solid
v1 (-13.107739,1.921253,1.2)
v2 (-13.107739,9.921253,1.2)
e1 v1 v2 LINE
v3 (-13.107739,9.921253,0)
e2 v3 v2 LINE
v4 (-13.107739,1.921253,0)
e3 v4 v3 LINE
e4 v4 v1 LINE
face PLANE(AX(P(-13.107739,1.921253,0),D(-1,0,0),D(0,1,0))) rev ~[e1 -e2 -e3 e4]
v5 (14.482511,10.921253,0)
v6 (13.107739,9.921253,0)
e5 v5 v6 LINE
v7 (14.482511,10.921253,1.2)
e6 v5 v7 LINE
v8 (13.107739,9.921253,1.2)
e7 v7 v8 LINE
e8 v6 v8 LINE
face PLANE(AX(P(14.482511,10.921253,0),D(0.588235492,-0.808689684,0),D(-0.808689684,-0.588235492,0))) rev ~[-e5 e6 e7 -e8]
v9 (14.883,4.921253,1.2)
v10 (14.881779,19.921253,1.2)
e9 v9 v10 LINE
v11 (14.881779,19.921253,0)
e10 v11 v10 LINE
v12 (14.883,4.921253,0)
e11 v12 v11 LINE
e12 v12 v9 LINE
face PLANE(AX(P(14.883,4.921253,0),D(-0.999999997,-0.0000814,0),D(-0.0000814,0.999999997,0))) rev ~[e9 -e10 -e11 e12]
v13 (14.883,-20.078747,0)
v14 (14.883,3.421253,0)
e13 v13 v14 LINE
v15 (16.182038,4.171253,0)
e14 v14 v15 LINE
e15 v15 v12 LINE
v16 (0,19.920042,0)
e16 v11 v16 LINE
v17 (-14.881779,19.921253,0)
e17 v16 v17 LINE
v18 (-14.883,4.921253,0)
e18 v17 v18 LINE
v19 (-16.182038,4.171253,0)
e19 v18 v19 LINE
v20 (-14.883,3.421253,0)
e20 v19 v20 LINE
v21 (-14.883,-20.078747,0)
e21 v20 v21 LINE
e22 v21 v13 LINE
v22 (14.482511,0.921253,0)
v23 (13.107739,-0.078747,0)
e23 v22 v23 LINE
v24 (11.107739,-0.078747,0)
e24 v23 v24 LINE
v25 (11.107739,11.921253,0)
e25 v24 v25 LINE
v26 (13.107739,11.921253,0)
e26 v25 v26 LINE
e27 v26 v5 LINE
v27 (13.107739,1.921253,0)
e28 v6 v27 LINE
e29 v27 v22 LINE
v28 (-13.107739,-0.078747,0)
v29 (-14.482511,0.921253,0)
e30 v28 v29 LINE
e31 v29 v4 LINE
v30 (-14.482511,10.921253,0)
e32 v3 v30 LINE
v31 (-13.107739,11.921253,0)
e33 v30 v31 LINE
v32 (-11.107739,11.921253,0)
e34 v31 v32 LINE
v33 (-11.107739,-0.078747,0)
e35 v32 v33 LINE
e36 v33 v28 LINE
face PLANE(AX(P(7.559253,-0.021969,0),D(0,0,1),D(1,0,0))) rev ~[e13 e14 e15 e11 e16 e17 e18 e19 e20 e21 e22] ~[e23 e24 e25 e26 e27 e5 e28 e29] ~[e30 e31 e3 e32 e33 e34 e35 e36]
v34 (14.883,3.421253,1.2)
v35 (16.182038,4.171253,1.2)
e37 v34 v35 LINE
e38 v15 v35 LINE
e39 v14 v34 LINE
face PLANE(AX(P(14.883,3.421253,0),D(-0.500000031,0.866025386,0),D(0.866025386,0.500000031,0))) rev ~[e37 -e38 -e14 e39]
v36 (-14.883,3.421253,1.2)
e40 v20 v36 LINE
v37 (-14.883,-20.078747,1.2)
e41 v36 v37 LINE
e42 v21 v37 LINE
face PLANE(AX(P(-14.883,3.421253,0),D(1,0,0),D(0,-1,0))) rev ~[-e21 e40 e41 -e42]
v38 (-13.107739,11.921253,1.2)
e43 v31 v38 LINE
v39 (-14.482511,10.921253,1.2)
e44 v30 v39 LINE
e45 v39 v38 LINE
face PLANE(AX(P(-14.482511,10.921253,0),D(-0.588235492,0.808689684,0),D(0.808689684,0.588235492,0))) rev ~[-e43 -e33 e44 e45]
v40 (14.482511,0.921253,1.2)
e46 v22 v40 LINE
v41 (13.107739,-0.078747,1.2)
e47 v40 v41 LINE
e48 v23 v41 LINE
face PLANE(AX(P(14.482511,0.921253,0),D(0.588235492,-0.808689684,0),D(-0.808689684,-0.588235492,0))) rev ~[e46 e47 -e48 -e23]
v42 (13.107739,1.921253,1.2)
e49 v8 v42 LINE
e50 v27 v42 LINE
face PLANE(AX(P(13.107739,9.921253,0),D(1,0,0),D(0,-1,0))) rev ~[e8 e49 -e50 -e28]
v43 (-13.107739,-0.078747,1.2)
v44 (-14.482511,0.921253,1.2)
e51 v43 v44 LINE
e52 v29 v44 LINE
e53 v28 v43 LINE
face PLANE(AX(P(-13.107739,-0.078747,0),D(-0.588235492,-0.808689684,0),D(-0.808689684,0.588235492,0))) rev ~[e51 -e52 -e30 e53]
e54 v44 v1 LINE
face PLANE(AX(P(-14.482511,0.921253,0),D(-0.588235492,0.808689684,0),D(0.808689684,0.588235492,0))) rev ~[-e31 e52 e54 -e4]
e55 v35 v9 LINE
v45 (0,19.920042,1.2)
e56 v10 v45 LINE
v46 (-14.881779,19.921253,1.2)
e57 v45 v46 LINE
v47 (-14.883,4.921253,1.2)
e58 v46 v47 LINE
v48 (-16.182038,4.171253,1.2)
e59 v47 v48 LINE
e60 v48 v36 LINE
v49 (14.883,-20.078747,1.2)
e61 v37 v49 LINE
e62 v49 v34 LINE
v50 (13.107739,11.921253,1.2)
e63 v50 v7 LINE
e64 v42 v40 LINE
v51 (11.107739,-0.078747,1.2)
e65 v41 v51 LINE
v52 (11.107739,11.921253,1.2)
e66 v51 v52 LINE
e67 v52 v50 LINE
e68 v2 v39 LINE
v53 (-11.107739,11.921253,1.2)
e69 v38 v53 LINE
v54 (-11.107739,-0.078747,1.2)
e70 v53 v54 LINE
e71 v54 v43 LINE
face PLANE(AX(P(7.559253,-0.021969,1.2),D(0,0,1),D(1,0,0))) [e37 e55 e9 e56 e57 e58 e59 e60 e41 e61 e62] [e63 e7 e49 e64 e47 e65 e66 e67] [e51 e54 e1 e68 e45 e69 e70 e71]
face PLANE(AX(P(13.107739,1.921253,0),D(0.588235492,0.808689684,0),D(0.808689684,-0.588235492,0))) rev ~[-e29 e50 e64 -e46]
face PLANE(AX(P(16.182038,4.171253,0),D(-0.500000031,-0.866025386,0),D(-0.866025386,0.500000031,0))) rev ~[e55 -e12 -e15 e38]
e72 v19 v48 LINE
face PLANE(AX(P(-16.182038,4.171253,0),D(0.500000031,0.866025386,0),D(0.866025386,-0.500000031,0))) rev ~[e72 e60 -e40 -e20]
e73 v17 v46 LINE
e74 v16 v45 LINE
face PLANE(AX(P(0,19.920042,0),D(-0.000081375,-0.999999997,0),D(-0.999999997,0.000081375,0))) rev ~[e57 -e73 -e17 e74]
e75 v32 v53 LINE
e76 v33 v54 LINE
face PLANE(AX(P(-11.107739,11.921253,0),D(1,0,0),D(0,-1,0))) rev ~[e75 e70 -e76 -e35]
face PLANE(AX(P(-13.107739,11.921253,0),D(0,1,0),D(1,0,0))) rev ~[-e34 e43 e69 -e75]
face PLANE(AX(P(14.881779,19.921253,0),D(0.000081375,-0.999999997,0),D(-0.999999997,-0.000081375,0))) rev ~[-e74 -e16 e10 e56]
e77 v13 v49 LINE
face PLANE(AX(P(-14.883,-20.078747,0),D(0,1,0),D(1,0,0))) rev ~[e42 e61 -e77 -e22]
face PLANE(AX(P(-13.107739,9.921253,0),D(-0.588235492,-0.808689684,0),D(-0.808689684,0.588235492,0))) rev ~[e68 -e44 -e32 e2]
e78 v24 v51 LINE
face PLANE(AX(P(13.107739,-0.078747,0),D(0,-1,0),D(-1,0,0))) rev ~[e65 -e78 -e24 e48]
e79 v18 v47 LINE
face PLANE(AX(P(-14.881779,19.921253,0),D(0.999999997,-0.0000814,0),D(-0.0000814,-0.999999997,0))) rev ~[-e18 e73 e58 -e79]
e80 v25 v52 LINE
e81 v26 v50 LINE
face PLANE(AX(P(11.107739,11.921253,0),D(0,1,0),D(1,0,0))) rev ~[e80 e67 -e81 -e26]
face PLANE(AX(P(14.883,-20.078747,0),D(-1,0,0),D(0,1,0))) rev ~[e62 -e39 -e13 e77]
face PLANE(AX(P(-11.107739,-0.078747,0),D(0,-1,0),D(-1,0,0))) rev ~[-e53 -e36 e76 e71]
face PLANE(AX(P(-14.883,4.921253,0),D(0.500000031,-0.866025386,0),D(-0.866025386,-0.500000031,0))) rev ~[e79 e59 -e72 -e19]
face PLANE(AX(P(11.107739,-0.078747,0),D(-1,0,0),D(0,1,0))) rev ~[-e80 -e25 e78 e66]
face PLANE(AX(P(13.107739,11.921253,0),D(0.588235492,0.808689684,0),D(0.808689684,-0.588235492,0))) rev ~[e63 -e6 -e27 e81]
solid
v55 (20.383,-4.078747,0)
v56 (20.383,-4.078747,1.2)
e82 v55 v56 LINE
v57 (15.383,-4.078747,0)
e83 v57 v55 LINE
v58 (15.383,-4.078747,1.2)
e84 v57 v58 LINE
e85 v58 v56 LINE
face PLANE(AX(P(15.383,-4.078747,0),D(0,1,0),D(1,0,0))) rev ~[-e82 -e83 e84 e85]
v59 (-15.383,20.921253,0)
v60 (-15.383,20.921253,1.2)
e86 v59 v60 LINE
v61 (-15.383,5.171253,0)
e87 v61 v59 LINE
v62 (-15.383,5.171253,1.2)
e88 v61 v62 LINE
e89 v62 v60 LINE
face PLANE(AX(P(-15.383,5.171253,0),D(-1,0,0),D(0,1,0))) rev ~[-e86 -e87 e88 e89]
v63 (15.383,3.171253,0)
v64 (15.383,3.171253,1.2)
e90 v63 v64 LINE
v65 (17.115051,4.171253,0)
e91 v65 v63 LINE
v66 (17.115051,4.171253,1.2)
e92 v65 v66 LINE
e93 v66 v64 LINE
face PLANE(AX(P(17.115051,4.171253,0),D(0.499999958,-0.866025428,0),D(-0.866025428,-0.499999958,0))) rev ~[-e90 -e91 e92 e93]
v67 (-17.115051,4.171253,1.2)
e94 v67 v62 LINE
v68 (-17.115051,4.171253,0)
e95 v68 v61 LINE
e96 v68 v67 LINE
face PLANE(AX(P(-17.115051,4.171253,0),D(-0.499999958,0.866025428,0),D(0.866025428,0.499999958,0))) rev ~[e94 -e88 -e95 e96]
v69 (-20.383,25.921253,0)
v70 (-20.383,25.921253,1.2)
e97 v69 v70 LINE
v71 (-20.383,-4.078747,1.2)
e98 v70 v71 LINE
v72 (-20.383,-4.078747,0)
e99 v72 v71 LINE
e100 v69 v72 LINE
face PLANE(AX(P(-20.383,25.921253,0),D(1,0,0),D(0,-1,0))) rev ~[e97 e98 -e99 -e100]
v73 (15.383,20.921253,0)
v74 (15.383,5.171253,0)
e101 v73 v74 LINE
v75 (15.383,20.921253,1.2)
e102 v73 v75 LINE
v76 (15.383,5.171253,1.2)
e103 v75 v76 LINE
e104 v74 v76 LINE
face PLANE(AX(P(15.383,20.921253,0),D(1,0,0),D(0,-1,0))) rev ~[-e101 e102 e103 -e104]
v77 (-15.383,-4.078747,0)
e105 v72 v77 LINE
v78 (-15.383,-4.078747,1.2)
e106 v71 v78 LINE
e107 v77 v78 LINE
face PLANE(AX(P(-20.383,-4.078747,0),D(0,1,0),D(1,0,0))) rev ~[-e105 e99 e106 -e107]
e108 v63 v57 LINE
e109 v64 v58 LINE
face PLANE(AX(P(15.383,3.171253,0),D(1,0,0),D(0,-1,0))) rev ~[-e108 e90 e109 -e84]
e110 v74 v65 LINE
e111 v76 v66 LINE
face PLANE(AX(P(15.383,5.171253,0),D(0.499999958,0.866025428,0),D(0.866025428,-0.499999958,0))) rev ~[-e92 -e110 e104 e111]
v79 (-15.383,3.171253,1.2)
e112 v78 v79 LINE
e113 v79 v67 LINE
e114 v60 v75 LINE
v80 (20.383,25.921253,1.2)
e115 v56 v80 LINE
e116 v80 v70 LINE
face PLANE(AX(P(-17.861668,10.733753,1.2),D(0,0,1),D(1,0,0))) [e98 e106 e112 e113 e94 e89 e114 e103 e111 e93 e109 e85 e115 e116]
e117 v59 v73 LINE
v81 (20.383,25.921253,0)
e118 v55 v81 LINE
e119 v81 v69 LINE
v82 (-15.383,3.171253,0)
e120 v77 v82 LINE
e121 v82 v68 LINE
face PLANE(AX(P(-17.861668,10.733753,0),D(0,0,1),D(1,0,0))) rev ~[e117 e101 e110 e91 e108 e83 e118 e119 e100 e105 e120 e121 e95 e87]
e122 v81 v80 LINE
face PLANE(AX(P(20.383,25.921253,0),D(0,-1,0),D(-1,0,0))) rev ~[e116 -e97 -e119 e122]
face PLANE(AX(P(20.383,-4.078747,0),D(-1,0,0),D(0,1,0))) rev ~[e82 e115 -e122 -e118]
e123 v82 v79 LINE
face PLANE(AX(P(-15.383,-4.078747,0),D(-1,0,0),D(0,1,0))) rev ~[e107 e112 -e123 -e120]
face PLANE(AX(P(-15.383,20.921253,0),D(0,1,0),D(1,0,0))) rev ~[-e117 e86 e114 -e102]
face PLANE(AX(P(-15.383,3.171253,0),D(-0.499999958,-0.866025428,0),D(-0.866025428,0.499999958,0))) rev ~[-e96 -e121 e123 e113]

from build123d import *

# Parameters (mm, degrees)
F0_W     = 15.383
F0_H     = 5
F1_DEPTH = 1.2


with BuildPart() as f1:
    # F0 (on Top) → F1 (new body)
    with BuildSketch(Plane.XY):
        Polygon((14.881779, 19.921253), (0, 19.920042), (0, -20.078747), (14.883, -20.078747), (14.883, 3.421253), (16.182038, 4.171253), (14.883, 4.921253), align=None)
        Polygon((14.482511, 0.921253), (13.107739, -0.078747), (11.107739, -0.078747), (11.107739, 11.921253), (13.107739, 11.921253), (14.482511, 10.921253), (13.107739, 9.921253), (13.107739, 1.921253), align=None, mode=Mode.SUBTRACT)
        Polygon((0, -20.078747), (0, 19.920042), (-14.881779, 19.921253), (-14.883, 4.921253), (-16.182038, 4.171253), (-14.883, 3.421253), (-14.883, -20.078747), align=None)
        Polygon((-14.482511, 10.921253), (-13.107739, 11.921253), (-11.107739, 11.921253), (-11.107739, -0.078747), (-13.107739, -0.078747), (-14.482511, 0.921253), (-13.107739, 1.921253), (-13.107739, 9.921253), align=None, mode=Mode.SUBTRACT)
        Polygon((-20.383, -4.078747), (-15.383, -4.078747), (-15.383, 3.171253), (-17.115051, 4.171253), (-15.383, 5.171253), (-15.383, 20.921253), (-15.383, 25.921253), (-20.383, 25.921253), align=None)
        with Locations((-7.6915, 23.421253)):
            Rectangle(F0_W, F0_H)
        Polygon((20.383, 25.921253), (15.383, 25.921253), (15.383, 20.921253), (15.383, 5.171253), (17.115051, 4.171253), (15.383, 3.171253), (15.383, -4.078747), (20.383, -4.078747), align=None)
        with Locations((7.6915, 23.421253)):
            Rectangle(F0_W, F0_H)
    extrude(amount=F1_DEPTH)


solid = f1.part
